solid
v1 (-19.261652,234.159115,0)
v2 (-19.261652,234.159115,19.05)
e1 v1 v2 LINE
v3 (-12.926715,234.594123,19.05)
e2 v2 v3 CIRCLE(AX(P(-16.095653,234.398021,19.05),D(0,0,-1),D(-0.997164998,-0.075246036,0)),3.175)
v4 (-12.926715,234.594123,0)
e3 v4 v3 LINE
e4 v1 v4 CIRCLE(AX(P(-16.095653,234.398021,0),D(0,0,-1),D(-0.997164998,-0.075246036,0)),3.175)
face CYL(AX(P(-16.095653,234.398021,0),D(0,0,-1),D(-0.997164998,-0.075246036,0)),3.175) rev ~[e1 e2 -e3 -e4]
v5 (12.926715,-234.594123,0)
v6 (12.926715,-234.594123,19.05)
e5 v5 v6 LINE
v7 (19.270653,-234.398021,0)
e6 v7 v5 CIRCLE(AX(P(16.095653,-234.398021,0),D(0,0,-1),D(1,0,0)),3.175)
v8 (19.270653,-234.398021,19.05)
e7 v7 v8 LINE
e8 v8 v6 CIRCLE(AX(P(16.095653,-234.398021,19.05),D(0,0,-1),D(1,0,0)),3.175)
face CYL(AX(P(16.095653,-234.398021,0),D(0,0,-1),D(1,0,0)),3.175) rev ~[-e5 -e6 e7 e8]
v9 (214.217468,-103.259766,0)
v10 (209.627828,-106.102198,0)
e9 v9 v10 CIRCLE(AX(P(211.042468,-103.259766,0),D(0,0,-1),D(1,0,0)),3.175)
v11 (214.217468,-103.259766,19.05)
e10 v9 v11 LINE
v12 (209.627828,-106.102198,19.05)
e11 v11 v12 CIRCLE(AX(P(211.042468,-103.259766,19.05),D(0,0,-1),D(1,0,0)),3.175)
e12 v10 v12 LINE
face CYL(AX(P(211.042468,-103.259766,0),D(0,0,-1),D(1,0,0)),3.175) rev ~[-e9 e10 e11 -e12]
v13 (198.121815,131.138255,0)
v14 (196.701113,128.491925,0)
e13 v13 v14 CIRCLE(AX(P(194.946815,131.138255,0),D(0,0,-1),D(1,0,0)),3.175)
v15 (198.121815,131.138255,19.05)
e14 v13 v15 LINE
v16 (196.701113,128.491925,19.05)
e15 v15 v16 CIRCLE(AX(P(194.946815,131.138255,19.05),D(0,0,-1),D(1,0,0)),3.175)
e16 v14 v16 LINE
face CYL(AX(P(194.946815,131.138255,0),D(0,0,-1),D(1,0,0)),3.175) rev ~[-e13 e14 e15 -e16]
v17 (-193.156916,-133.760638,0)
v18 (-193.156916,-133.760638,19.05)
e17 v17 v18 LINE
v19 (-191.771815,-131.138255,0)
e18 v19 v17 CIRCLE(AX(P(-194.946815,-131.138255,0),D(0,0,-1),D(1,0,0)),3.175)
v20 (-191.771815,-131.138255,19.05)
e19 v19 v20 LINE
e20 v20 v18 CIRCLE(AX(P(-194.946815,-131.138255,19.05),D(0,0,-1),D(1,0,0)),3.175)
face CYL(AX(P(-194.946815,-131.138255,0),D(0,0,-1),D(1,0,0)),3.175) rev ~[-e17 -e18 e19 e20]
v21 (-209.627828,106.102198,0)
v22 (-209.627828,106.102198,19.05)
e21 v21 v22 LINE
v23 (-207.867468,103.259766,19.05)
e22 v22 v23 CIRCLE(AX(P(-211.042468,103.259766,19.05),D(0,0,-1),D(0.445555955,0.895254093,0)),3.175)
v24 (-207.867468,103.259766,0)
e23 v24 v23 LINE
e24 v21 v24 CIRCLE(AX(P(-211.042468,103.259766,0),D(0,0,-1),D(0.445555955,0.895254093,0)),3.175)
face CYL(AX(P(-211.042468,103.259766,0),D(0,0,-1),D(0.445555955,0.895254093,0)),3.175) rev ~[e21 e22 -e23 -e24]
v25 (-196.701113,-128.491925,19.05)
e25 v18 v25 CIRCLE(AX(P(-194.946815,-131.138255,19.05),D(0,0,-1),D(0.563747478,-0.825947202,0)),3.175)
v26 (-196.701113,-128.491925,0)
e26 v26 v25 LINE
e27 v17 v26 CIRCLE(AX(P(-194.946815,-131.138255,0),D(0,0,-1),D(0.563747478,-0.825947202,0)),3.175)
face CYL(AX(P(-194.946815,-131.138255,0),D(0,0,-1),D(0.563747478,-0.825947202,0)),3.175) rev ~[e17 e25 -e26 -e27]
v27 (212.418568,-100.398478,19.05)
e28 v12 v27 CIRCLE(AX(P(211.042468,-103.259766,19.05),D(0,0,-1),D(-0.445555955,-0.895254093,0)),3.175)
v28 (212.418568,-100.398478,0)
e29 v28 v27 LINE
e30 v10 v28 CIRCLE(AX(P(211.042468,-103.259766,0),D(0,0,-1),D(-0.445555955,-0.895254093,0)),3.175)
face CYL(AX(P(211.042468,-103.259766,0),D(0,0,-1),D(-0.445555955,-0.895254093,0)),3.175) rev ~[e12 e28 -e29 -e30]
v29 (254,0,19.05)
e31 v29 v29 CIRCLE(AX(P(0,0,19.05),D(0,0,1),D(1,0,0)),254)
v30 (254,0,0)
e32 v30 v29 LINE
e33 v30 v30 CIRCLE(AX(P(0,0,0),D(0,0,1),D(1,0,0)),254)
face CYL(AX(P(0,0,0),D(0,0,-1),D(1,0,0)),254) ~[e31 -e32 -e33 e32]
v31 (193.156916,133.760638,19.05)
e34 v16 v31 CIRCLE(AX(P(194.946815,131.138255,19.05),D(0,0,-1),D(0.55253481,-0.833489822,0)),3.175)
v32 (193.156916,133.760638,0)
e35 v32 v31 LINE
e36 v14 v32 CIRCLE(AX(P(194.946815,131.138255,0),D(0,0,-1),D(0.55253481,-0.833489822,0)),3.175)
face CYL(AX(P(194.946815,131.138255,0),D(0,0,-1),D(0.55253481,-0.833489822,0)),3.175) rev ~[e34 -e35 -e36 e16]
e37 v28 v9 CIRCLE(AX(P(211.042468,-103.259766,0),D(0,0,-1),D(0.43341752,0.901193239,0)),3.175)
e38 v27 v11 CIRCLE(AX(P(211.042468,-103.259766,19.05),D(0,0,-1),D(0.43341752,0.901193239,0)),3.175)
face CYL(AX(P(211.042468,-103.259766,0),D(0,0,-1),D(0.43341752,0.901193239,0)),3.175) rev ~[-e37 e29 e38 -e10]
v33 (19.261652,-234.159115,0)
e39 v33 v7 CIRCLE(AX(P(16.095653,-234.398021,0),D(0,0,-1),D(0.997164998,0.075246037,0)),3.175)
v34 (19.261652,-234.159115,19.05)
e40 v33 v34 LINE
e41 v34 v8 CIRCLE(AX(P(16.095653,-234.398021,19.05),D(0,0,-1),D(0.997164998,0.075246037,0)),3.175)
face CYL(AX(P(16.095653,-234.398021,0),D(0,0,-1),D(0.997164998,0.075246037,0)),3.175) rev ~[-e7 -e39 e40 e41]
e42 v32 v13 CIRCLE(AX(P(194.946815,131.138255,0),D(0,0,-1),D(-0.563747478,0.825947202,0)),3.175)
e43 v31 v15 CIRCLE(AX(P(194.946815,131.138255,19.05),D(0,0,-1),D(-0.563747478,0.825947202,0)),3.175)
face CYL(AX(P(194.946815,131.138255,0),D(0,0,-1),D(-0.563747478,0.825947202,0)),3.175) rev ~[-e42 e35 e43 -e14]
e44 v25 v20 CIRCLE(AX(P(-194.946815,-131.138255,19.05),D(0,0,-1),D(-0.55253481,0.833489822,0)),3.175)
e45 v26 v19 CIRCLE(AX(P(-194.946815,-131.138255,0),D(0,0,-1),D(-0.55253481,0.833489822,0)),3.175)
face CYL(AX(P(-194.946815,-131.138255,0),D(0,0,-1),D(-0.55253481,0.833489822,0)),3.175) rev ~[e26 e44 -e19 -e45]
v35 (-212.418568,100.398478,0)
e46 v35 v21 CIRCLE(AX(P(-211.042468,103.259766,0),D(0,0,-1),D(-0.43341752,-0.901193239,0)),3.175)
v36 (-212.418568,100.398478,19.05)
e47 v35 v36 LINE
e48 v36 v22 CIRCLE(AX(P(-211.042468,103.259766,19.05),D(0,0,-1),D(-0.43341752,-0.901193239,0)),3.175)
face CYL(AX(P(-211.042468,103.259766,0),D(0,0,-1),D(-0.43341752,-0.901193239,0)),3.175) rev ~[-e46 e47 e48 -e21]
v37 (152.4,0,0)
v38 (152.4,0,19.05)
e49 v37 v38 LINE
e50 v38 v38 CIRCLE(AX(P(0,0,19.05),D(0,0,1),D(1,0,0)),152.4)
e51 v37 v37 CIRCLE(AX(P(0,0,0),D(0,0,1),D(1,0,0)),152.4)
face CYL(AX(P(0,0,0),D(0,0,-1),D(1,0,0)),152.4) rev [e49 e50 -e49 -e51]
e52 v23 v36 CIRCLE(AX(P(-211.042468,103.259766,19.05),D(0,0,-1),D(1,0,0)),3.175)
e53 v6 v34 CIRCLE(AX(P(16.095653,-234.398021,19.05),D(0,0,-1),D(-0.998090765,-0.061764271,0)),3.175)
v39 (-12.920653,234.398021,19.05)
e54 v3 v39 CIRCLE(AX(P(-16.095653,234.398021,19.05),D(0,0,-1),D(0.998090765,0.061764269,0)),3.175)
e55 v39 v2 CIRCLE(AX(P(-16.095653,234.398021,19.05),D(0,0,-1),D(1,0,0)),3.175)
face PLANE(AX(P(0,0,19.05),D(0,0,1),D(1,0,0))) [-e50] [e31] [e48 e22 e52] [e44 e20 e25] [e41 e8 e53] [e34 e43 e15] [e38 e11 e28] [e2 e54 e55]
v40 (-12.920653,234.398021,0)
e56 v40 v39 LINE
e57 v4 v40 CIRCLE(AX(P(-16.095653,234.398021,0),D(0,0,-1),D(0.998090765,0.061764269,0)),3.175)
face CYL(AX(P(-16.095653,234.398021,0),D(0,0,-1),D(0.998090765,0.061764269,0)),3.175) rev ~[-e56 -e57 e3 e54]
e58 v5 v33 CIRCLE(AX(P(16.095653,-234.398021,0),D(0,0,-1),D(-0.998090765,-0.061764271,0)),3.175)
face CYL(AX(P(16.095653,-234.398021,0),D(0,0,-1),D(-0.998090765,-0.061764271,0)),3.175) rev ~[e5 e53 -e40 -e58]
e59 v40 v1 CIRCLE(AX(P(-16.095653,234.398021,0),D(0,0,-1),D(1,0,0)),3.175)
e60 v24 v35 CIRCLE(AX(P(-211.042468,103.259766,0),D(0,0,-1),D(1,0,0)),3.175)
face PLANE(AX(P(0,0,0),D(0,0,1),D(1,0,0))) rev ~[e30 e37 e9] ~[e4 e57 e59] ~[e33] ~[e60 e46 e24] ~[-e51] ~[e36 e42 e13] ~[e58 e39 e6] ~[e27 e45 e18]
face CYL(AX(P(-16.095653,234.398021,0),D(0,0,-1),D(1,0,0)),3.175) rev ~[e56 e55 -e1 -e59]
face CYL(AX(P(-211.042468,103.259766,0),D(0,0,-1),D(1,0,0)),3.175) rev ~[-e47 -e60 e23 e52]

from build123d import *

# Parameters (mm, degrees)
F0_R     = 254
F0_R_2   = 152.4
F1_DEPTH = 19.05


with BuildPart() as f1:
    # F0 (on Top) → F1 (new body)
    with BuildSketch(Plane.XY):
        Circle(F0_R)
        with BuildLine():
            ThreePointArc((196.7011125508, 128.4919251209), (225.1848450649, 67.0319927579), (234.95, 0))
            ThreePointArc((234.95, 0), (229.2479499847, -51.4478369596), (212.4185683948, -100.3984775836))
            ThreePointArc((212.4185683948, -100.3984775836), (213.7303800146, -101.5698688542), (214.2174677682, -103.259766116))
            ThreePointArc((214.2174677682, -103.259766116), (212.7141648851, -105.9590352298), (209.6278276113, -106.1021978612))
            ThreePointArc((209.6278276113, -106.1021978612), (131.1382553066, -194.9468145294), (19.2616521087, -234.1591152572))
            ThreePointArc((19.2616521087, -234.1591152572), (19.2684021583, -234.2784835874), (19.2706532388, -234.3980214226))
            ThreePointArc((19.2706532388, -234.3980214226), (16.1937508526, -237.5715056053), (12.9267150604, -234.5941229821))
            ThreePointArc((12.9267150604, -234.5941229821), (-103.259766116, -211.0424677682), (-193.1569162861, -133.7606376736))
            ThreePointArc((-193.1569162861, -133.7606376736), (-197.5812309419, -132.9103938918), (-196.7011125508, -128.4919251209))
            ThreePointArc((-196.7011125508, -128.4919251209), (-234.3980214226, -16.0956532388), (-212.4185683948, 100.3984775836))
            ThreePointArc((-212.4185683948, 100.3984775836), (-213.8943930083, 104.6551683608), (-209.6278276113, 106.1021978612))
            ThreePointArc((-209.6278276113, 106.1021978612), (-131.1382553066, 194.9468145294), (-19.2616521087, 234.1591152572))
            ThreePointArc((-19.2616521087, 234.1591152572), (-16.3131620664, 237.5655622526), (-12.9267150604, 234.5941229821))
            ThreePointArc((-12.9267150604, 234.5941229821), (103.259766116, 211.0424677682), (193.1569162861, 133.7606376736))
            ThreePointArc((193.1569162861, 133.7606376736), (196.4296661871, 133.9457053883), (198.1218145294, 131.1382553066))
            ThreePointArc((198.1218145294, 131.1382553066), (197.744181257, 129.6364682408), (196.7011125508, 128.4919251209))
        make_face(mode=Mode.SUBTRACT)
        with BuildLine():
            ThreePointArc((212.4185683948, -100.3984775836), (229.2479499847, -51.4478369596), (234.95, 0))
            ThreePointArc((234.95, 0), (225.1848450649, 67.0319927579), (196.7011125508, 128.4919251209))
            ThreePointArc((196.7011125508, 128.4919251209), (192.3123981168, 129.3661167214), (193.1569162861, 133.7606376736))
            ThreePointArc((193.1569162861, 133.7606376736), (103.259766116, 211.0424677682), (-12.9267150604, 234.5941229821))
            ThreePointArc((-12.9267150604, 234.5941229821), (-12.9221690561, 234.4961190364), (-12.9206532388, 234.3980214226))
            ThreePointArc((-12.9206532388, 234.3980214226), (-15.9761154036, 231.2252725031), (-19.2616521087, 234.1591152572))
            ThreePointArc((-19.2616521087, 234.1591152572), (-131.1382553066, 194.9468145294), (-209.6278276113, 106.1021978612))
            ThreePointArc((-209.6278276113, 106.1021978612), (-208.3431986543, 104.931463233), (-207.8674677682, 103.259766116))
            ThreePointArc((-207.8674677682, 103.259766116), (-209.3525705064, 100.5718538695), (-212.4185683948, 100.3984775836))
            ThreePointArc((-212.4185683948, 100.3984775836), (-234.3980214226, -16.0956532388), (-196.7011125508, -128.4919251209))
            ThreePointArc((-196.7011125508, -128.4919251209), (-193.4450274636, -128.3408885789), (-191.7718145294, -131.1382553066))
            ThreePointArc((-191.7718145294, -131.1382553066), (-192.1393644477, -132.6211069643), (-193.1569162861, -133.7606376736))
            ThreePointArc((-193.1569162861, -133.7606376736), (-103.259766116, -211.0424677682), (12.9267150604, -234.5941229821))
            ThreePointArc((12.9267150604, -234.5941229821), (15.8781444113, -231.2304805925), (19.2616521087, -234.1591152572))
            ThreePointArc((19.2616521087, -234.1591152572), (131.1382553066, -194.9468145294), (209.6278276113, -106.1021978612))
            ThreePointArc((209.6278276113, -106.1021978612), (208.190542528, -101.8643638712), (212.4185683948, -100.3984775836))
        make_face()
        Circle(F0_R_2, mode=Mode.SUBTRACT)
    extrude(amount=F1_DEPTH)


solid = f1.part
